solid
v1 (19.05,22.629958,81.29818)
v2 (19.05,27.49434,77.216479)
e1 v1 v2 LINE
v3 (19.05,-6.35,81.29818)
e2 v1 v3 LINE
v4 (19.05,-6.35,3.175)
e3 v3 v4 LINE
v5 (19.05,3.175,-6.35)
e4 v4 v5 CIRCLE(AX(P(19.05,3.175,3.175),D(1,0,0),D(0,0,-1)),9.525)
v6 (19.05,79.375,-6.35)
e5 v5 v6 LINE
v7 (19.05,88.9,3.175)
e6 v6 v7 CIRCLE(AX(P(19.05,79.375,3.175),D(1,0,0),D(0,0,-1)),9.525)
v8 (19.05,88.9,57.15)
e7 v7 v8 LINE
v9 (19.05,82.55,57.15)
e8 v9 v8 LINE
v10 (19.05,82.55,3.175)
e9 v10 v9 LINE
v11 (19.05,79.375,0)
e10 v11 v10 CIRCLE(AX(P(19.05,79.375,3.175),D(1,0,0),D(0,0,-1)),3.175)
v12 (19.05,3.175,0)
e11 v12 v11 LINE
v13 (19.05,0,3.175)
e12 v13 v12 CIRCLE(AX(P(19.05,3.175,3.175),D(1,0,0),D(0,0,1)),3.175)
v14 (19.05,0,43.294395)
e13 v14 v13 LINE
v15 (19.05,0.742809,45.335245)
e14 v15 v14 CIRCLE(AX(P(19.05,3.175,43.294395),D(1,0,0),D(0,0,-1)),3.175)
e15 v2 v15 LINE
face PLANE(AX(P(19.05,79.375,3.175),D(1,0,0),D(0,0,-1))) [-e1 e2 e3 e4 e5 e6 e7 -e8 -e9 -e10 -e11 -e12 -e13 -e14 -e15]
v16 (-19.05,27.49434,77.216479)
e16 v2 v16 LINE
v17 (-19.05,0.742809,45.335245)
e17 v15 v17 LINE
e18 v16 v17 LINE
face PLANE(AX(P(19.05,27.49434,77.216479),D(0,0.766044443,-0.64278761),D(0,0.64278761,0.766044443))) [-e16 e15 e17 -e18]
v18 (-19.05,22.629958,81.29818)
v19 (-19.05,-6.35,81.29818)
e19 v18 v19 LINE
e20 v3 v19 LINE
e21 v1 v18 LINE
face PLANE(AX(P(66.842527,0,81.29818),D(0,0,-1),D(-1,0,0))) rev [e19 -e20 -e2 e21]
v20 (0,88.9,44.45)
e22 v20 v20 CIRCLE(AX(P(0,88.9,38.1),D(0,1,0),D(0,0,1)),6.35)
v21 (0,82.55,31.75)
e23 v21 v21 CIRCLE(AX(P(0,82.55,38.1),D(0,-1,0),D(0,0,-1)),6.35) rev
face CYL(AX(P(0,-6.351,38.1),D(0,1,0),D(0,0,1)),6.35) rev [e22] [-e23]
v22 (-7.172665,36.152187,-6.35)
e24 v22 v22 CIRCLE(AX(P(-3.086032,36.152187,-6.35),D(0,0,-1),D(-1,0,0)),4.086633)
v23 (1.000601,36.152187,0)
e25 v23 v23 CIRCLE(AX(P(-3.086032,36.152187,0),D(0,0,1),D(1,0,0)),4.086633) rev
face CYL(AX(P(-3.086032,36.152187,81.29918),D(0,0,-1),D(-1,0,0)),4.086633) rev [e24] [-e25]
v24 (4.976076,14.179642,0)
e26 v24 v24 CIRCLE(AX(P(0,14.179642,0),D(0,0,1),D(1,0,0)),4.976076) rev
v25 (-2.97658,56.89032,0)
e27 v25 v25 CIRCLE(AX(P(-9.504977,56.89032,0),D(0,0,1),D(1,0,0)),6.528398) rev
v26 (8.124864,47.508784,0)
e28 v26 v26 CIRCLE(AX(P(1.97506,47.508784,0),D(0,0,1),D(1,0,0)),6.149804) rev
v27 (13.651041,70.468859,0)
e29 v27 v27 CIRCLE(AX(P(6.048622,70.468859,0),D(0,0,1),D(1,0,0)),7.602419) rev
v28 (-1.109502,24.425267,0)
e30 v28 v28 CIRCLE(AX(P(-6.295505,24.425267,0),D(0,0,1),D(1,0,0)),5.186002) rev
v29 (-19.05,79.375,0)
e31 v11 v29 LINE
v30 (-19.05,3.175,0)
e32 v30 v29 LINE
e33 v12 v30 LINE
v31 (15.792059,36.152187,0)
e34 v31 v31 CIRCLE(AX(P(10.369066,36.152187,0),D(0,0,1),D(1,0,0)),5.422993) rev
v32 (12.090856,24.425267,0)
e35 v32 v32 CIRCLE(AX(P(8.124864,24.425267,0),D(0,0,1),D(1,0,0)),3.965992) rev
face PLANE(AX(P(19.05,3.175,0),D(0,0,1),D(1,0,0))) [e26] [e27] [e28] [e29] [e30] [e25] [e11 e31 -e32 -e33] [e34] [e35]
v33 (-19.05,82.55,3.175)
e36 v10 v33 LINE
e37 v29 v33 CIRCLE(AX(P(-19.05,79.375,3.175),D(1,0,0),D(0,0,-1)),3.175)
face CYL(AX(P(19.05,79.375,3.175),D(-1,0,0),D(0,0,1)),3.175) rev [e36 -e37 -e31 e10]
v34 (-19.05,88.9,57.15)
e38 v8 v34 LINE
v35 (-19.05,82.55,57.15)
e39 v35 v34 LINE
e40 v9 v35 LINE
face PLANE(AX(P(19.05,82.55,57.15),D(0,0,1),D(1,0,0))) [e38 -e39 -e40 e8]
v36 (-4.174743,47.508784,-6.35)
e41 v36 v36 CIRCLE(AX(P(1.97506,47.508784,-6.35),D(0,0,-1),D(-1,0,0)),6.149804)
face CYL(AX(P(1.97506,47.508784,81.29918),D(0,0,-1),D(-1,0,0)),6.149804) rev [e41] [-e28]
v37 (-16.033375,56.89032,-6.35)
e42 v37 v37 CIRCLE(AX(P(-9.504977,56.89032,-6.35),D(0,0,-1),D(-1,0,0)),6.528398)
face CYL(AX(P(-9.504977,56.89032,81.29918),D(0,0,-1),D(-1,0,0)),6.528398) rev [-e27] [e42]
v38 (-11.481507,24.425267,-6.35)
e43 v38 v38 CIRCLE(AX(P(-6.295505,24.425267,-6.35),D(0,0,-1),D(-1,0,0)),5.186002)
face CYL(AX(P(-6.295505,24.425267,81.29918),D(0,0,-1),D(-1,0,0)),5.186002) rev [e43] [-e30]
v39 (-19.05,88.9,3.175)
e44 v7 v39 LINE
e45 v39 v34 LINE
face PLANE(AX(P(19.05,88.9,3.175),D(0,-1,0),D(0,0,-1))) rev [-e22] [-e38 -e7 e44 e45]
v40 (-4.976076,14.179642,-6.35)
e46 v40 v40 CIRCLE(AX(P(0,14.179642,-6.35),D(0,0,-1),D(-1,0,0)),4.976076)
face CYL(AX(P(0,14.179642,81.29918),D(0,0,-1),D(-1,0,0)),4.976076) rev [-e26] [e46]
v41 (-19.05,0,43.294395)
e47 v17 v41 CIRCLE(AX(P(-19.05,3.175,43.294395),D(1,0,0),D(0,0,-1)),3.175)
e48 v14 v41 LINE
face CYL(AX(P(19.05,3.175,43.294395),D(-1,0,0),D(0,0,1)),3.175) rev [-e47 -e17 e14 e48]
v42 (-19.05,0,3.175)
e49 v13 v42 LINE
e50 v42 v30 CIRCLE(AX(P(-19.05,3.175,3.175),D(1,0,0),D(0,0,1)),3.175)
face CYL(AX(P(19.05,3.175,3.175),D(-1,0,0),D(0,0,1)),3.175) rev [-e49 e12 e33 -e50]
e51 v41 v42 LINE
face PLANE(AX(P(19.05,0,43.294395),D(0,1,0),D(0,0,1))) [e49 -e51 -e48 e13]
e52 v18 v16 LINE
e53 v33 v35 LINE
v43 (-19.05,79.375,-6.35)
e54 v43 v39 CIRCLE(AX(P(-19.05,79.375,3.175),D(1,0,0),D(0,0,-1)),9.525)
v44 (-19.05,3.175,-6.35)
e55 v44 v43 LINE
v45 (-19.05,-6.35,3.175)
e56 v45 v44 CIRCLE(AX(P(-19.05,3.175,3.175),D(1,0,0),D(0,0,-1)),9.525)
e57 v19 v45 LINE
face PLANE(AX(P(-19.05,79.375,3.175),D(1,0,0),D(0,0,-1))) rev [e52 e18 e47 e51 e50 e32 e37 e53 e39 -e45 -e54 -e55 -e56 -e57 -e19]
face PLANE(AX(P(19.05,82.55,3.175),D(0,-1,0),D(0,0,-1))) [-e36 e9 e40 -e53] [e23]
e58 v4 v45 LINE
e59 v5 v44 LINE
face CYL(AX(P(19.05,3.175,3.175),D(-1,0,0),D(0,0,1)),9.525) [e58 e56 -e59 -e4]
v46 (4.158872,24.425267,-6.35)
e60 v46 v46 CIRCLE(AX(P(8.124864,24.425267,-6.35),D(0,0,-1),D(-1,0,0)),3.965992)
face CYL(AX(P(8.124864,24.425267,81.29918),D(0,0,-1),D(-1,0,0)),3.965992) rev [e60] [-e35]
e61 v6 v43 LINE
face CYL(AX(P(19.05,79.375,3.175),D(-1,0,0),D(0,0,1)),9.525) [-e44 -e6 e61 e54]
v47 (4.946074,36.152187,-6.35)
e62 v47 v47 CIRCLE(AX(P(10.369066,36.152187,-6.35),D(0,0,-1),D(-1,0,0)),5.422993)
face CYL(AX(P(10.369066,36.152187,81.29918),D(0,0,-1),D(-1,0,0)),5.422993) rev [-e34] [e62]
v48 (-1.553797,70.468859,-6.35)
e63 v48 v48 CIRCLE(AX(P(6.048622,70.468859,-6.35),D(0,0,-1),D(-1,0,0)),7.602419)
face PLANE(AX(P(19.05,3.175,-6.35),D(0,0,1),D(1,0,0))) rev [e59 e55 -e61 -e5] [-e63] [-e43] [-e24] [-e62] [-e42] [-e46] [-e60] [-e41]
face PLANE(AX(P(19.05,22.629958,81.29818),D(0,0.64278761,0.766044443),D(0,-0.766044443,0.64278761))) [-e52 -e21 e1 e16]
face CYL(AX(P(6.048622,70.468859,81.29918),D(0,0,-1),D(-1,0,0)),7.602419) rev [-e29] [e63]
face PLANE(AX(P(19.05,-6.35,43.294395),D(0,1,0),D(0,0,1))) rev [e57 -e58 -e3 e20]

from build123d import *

# Parameters (mm, degrees)
BASE_EXTRUDE_THIN_DEPTH = 19.05
CUT_EXTRUDE1_REACH      = 97.25
SKETCH2_R               = 6.35
BOSS_EXTRUDE1_START     = -19.05
BOSS_EXTRUDE1_DEPTH     = 38.1
CUT_EXTRUDE2_REACH      = 89.648
SKETCH4_R               = 7.602418737
SKETCH4_R_2             = 6.149803706
SKETCH4_R_3             = 6.52839763
SKETCH4_R_4             = 4.086633044
SKETCH4_R_5             = 3.965992325
SKETCH4_R_6             = 5.18600248
SKETCH4_R_7             = 4.976076495
SKETCH4_R_8             = 5.4229927


with BuildPart() as part:
    # Sketch1 → Base-Extrude-Thin (new body, symmetric)
    with BuildSketch(Plane(origin=(0, 0, 0), x_dir=(0, 0, -1), z_dir=(1, 0, 0))):
        with BuildLine():
            Line((-77.216478592, 27.494340102), (-45.335245167, 0.742808893))
            ThreePointArc((-45.335245167, 0.742808893), (-44.380308461, 0.191475929), (-43.294394506, 0))
            Line((-43.294394506, 0), (-3.175, 0))
            ThreePointArc((-3.175, 0), (-0.92993597, 0.92993597), (0, 3.175))
            Line((0, 3.175), (0, 79.375))
            ThreePointArc((0, 79.375), (-0.92993597, 81.62006403), (-3.175, 82.55))
            Line((-3.175, 82.55), (-57.15, 82.55))
            Line((-57.15, 82.55), (-57.15, 88.9))
            Line((-57.15, 88.9), (-3.175, 88.9))
            ThreePointArc((-3.175, 88.9), (3.560192091, 86.110192091), (6.35, 79.375))
            Line((6.35, 79.375), (6.35, 3.175))
            ThreePointArc((6.35, 3.175), (3.560192091, -3.560192091), (-3.175, -6.35))
            Line((-3.175, -6.35), (-43.294394506, -6.35))
            ThreePointArc((-43.294394506, -6.35), (-46.552136371, -5.775572213), (-49.416946488, -4.121573321))
            Line((-49.416946488, -4.121573321), (-81.298179914, 22.629957888))
            Line((-81.298179914, 22.629957888), (-77.216478592, 27.494340102))
        make_face()
    extrude(amount=BASE_EXTRUDE_THIN_DEPTH, both=True)

    # Sketch2 → Cut-Extrude1 (cut, up to next)
    with BuildSketch(Plane(origin=(0, 88.9, 0), x_dir=(-1, 0, 0), z_dir=(0, 1, 0)), mode=Mode.PRIVATE) as cut_extrude1_sk1:
        with Locations((0, 38.1)):
            Circle(SKETCH2_R)
    cut_extrude1_tool1 = extrude(cut_extrude1_sk1.sketch, amount=-CUT_EXTRUDE1_REACH, mode=Mode.PRIVATE) & part.part
    add(cut_extrude1_tool1.solids().sort_by_distance((0, 88.9, 38.1))[0], mode=Mode.SUBTRACT)

    # Sketch3 → Boss-Extrude1 (add)
    with BuildSketch(Plane(origin=(0, 0, 0), x_dir=(0, 0, -1), z_dir=(1, 0, 0)).offset(BOSS_EXTRUDE1_START)):
        with BuildLine():
            Line((-49.416946488, -4.121573321), (-81.298179914, 22.629957888))
            Line((-81.298179914, 22.629957888), (-81.298179914, -6.35))
            Line((-81.298179914, -6.35), (-43.294394506, -6.35))
            ThreePointArc((-43.294394506, -6.35), (-46.552136371, -5.775572213), (-49.416946488, -4.121573321))
        make_face()
    extrude(amount=BOSS_EXTRUDE1_DEPTH)

    # Sketch4 → Cut-Extrude2 (cut, up to next)
    with BuildSketch(Plane(origin=(0, 0, -6.35), x_dir=(-1, 0, 0), z_dir=(0, 0, -1)), mode=Mode.PRIVATE) as cut_extrude2_sk1:
        with Locations((-6.048622008, 70.468859283)):
            Circle(SKETCH4_R)
    cut_extrude2_tool1 = extrude(cut_extrude2_sk1.sketch, amount=-CUT_EXTRUDE2_REACH, mode=Mode.PRIVATE) & part.part
    add(cut_extrude2_tool1.solids().sort_by_distance((6.048622, 70.468859, -6.35))[0], mode=Mode.SUBTRACT)
    # Sketch4 → Cut-Extrude2 (cut, up to next)
    with BuildSketch(Plane(origin=(0, 0, -6.35), x_dir=(-1, 0, 0), z_dir=(0, 0, -1)), mode=Mode.PRIVATE) as cut_extrude2_sk2:
        with Locations((-1.975060247, 47.508783906)):
            Circle(SKETCH4_R_2)
    cut_extrude2_tool2 = extrude(cut_extrude2_sk2.sketch, amount=-CUT_EXTRUDE2_REACH, mode=Mode.PRIVATE) & part.part
    add(cut_extrude2_tool2.solids().sort_by_distance((1.97506, 47.508784, -6.35))[0], mode=Mode.SUBTRACT)
    # Sketch4 → Cut-Extrude2 (cut, up to next)
    with BuildSketch(Plane(origin=(0, 0, -6.35), x_dir=(-1, 0, 0), z_dir=(0, 0, -1)), mode=Mode.PRIVATE) as cut_extrude2_sk3:
        with Locations((9.504977441, 56.890320082)):
            Circle(SKETCH4_R_3)
    cut_extrude2_tool3 = extrude(cut_extrude2_sk3.sketch, amount=-CUT_EXTRUDE2_REACH, mode=Mode.PRIVATE) & part.part
    add(cut_extrude2_tool3.solids().sort_by_distance((-9.504977, 56.89032, -6.35))[0], mode=Mode.SUBTRACT)
    # Sketch4 → Cut-Extrude2 (cut, up to next)
    with BuildSketch(Plane(origin=(0, 0, -6.35), x_dir=(-1, 0, 0), z_dir=(0, 0, -1)), mode=Mode.PRIVATE) as cut_extrude2_sk4:
        with Locations((3.086031637, 36.152187483)):
            Circle(SKETCH4_R_4)
    cut_extrude2_tool4 = extrude(cut_extrude2_sk4.sketch, amount=-CUT_EXTRUDE2_REACH, mode=Mode.PRIVATE) & part.part
    add(cut_extrude2_tool4.solids().sort_by_distance((-3.086032, 36.152187, -6.35))[0], mode=Mode.SUBTRACT)
    # Sketch4 → Cut-Extrude2 (cut, up to next)
    with BuildSketch(Plane(origin=(0, 0, -6.35), x_dir=(-1, 0, 0), z_dir=(0, 0, -1)), mode=Mode.PRIVATE) as cut_extrude2_sk5:
        with Locations((-8.124863953, 24.425267264)):
            Circle(SKETCH4_R_5)
    cut_extrude2_tool5 = extrude(cut_extrude2_sk5.sketch, amount=-CUT_EXTRUDE2_REACH, mode=Mode.PRIVATE) & part.part
    add(cut_extrude2_tool5.solids().sort_by_distance((8.124864, 24.425267, -6.35))[0], mode=Mode.SUBTRACT)
    # Sketch4 → Cut-Extrude2 (cut, up to next)
    with BuildSketch(Plane(origin=(0, 0, -6.35), x_dir=(-1, 0, 0), z_dir=(0, 0, -1)), mode=Mode.PRIVATE) as cut_extrude2_sk6:
        with Locations((6.295504539, 24.425267264)):
            Circle(SKETCH4_R_6)
    cut_extrude2_tool6 = extrude(cut_extrude2_sk6.sketch, amount=-CUT_EXTRUDE2_REACH, mode=Mode.PRIVATE) & part.part
    add(cut_extrude2_tool6.solids().sort_by_distance((-6.295505, 24.425267, -6.35))[0], mode=Mode.SUBTRACT)
    # Sketch4 → Cut-Extrude2 (cut, up to next)
    with BuildSketch(Plane(origin=(0, 0, -6.35), x_dir=(-1, 0, 0), z_dir=(0, 0, -1)), mode=Mode.PRIVATE) as cut_extrude2_sk7:
        with Locations((0, 14.17964223)):
            Circle(SKETCH4_R_7)
    cut_extrude2_tool7 = extrude(cut_extrude2_sk7.sketch, amount=-CUT_EXTRUDE2_REACH, mode=Mode.PRIVATE) & part.part
    add(cut_extrude2_tool7.solids().sort_by_distance((0, 14.179642, -6.35))[0], mode=Mode.SUBTRACT)
    # Sketch4 → Cut-Extrude2 (cut, up to next)
    with BuildSketch(Plane(origin=(0, 0, -6.35), x_dir=(-1, 0, 0), z_dir=(0, 0, -1)), mode=Mode.PRIVATE) as cut_extrude2_sk8:
        with Locations((-10.369066299, 36.152187483)):
            Circle(SKETCH4_R_8)
    cut_extrude2_tool8 = extrude(cut_extrude2_sk8.sketch, amount=-CUT_EXTRUDE2_REACH, mode=Mode.PRIVATE) & part.part
    add(cut_extrude2_tool8.solids().sort_by_distance((10.369066, 36.152187, -6.35))[0], mode=Mode.SUBTRACT)


solid = part.part
